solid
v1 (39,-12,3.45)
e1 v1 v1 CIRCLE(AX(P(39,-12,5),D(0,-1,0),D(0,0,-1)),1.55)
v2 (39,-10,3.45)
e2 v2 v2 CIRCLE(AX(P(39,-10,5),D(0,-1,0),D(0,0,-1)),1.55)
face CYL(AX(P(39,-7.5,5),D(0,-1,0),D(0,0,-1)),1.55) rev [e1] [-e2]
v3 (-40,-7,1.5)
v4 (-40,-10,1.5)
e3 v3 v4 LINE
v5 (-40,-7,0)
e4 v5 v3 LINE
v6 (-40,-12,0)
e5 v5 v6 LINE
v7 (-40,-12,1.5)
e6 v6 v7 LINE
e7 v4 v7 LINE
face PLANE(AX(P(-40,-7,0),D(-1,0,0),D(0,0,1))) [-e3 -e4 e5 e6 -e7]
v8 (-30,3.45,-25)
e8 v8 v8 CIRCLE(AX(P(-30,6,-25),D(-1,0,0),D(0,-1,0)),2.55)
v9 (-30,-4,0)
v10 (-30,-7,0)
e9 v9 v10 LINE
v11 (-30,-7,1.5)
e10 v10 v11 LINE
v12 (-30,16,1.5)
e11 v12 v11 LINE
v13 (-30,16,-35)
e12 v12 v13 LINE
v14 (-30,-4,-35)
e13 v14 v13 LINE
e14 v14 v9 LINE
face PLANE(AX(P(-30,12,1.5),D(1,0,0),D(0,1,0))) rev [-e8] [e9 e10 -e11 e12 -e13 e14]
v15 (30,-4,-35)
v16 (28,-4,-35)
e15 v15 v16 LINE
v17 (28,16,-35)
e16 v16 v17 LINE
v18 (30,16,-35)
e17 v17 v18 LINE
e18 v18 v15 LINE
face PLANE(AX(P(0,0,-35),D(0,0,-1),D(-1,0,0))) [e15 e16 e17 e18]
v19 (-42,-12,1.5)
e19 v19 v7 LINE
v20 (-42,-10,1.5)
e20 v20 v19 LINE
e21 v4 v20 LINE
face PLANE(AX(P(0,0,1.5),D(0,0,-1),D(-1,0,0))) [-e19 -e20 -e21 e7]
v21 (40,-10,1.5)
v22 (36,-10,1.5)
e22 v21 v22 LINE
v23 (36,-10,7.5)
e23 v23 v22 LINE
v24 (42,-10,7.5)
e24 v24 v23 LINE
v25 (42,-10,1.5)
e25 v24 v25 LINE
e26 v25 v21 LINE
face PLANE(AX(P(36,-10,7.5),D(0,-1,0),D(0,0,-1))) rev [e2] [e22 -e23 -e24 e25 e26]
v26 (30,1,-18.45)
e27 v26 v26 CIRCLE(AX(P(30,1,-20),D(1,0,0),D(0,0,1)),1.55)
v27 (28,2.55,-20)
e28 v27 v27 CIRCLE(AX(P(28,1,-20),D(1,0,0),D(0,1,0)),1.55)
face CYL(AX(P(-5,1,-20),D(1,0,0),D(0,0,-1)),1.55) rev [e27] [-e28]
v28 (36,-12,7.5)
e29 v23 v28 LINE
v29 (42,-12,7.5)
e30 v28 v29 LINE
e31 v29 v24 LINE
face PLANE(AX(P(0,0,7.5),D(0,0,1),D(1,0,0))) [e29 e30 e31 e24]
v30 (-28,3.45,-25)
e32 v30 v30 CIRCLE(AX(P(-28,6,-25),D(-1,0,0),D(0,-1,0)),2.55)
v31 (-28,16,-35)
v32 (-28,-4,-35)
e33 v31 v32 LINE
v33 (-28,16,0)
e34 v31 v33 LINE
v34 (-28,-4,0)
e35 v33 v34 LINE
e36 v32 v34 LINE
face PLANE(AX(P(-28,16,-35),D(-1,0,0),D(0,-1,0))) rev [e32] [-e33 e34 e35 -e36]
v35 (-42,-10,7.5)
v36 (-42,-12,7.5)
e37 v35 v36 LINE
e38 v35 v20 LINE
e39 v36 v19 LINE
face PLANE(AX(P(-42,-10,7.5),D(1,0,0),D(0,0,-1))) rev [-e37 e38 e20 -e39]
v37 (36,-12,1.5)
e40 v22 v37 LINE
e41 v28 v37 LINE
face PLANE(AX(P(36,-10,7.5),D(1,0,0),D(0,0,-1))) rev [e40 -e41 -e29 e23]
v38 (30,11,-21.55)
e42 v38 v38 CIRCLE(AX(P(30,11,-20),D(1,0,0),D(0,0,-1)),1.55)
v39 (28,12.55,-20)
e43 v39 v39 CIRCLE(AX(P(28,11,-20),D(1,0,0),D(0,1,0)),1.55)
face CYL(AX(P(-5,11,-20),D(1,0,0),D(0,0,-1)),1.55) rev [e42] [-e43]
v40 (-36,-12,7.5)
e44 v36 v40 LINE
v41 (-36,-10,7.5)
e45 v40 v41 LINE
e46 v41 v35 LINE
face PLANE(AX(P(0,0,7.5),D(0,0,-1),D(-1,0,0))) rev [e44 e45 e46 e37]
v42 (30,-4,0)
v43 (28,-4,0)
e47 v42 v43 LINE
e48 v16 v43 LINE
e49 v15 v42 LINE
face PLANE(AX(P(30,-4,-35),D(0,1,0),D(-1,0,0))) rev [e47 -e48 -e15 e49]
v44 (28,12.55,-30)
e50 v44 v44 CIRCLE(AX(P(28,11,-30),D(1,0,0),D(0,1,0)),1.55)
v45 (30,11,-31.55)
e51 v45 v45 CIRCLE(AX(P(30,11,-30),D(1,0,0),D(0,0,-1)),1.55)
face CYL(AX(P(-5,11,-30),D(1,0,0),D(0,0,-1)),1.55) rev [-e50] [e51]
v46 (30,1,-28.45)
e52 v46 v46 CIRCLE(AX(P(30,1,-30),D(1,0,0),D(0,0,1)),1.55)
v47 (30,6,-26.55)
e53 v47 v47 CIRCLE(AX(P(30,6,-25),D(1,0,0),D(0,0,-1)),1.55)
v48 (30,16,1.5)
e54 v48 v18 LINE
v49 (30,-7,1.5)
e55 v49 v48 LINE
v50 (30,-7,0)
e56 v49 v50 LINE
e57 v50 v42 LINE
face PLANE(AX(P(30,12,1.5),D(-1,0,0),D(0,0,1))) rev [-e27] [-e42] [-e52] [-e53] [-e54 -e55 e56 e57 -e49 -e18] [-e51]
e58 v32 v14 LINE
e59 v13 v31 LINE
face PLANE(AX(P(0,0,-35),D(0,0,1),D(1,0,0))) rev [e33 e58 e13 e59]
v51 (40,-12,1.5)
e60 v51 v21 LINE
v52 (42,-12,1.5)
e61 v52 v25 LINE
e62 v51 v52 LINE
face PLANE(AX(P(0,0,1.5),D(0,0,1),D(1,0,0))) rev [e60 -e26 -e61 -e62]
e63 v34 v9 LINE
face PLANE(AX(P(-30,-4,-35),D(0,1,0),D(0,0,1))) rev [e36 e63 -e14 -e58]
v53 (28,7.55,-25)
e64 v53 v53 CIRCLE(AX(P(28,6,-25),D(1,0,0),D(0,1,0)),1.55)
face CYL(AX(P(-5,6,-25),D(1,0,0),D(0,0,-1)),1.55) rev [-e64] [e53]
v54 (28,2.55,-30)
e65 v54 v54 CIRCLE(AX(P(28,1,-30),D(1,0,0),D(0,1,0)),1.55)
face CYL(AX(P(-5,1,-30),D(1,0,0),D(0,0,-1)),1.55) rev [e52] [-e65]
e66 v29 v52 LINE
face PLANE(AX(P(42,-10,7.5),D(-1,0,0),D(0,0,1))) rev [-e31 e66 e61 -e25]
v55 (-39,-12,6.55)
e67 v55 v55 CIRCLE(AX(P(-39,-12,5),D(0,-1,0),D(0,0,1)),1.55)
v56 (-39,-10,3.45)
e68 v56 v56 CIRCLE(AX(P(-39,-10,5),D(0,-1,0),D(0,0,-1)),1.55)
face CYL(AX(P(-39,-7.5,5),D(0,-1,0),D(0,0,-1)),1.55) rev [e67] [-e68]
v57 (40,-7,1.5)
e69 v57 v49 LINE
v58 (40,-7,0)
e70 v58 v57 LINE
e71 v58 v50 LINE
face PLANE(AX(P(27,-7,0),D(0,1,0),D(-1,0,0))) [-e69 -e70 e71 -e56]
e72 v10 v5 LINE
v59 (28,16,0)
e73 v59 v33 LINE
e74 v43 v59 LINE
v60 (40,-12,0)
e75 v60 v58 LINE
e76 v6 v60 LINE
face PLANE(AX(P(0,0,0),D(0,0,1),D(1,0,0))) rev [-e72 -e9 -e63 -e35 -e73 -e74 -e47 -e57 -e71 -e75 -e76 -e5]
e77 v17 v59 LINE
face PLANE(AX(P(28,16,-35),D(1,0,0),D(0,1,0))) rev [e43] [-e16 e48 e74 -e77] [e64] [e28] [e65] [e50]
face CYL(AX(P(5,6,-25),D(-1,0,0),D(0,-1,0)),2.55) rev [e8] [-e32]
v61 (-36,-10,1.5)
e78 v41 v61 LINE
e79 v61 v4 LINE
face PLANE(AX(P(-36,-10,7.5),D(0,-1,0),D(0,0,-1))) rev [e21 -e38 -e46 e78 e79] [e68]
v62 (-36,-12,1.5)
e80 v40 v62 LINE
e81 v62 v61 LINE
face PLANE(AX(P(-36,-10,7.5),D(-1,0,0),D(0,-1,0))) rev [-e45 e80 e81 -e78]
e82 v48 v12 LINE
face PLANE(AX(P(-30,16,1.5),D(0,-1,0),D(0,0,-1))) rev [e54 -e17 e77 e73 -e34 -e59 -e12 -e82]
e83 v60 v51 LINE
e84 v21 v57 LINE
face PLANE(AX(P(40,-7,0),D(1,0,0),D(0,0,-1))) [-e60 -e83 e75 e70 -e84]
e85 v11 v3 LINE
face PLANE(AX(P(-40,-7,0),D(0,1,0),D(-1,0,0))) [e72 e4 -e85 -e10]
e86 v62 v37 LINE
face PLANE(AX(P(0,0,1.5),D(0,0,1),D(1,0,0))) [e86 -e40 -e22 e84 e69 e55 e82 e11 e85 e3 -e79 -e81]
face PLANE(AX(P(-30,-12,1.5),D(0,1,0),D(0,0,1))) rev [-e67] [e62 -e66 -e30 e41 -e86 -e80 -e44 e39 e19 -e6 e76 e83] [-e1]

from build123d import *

# Parameters (mm, degrees)
EXTRUDE_1_DEPTH     = 1.5
EXTRUDE_2_DEPTH     = 1.5
SKETCH_3_W          = 6
SKETCH_3_H          = 2
EXTRUDE_3_DEPTH     = 6
SKETCH_4_R          = 1.55
CUT_EXTRUDE_1_DEPTH = 4.5
SKETCH_5_W          = 2
SKETCH_5_H          = 20
EXTRUDE_4_DEPTH     = 35
SKETCH_6_R          = 1.55
CUT_EXTRUDE_2_DEPTH = 35
SKETCH_7_R          = 2.55
CUT_EXTRUDE_4_DEPTH = 35


with BuildPart() as part:
    # 草图1 → 凸台-拉伸1 (new body)
    with BuildSketch(Plane.XY):
        Polygon((-30, 12), (-30, -12), (30, -12), (30, 12), (30, 16), (-30, 16), align=None)
    extrude(amount=EXTRUDE_1_DEPTH)

    # 草图2 → 凸台-拉伸2 (add)
    with BuildSketch(Plane.XY.offset(1.5)):
        Polygon((-40, -7), (-30, -7), (-27, -7), (-27, -12), (-30, -12), (-40, -12), align=None)
        Polygon((40, -7), (40, -12), (30, -12), (27, -12), (27, -7), (30, -7), align=None)
    extrude(amount=-EXTRUDE_2_DEPTH)

    # 草图3 → 凸台-拉伸3 (add)
    with BuildSketch(Plane.XY.offset(1.5)):
        with Locations((39, -11)):
            Rectangle(SKETCH_3_W, SKETCH_3_H)
        with Locations((-39, -11)):
            Rectangle(SKETCH_3_W, SKETCH_3_H)
    extrude(amount=EXTRUDE_3_DEPTH)

    # 草图4 → 切除-拉伸1 (cut)
    with BuildSketch(Plane.XZ.offset(12)):
        with Locations(Location((39, 5, 0), (0, 0, 270))):
            Circle(SKETCH_4_R)
        with Locations(Location((-39, 5, 0), (0, 0, 270))):
            Circle(SKETCH_4_R)
    extrude(amount=-CUT_EXTRUDE_1_DEPTH, mode=Mode.SUBTRACT)

    # 草图5 → 凸台-拉伸4 (add)
    with BuildSketch(Plane(origin=(0, 0, 0), x_dir=(-1, 0, 0), z_dir=(0, 0, -1))):
        with Locations((29, 6)):
            Rectangle(SKETCH_5_W, SKETCH_5_H)
        with Locations((-29, 6)):
            Rectangle(SKETCH_5_W, SKETCH_5_H)
    extrude(amount=EXTRUDE_4_DEPTH)

    # 草图6 → 切除-拉伸2 (cut)
    with BuildSketch(Plane(origin=(30, 0, 0), x_dir=(0, 0, -1), z_dir=(1, 0, 0))):
        with Locations((25, 6)):
            Circle(SKETCH_6_R)
        with Locations((30, 11)):
            Circle(SKETCH_6_R)
        with Locations(Location((30, 1, 0), (0, 0, 90))):
            Circle(SKETCH_6_R)
        with Locations(Location((20, 1, 0), (0, 0, 90))):
            Circle(SKETCH_6_R)
        with Locations((20, 11)):
            Circle(SKETCH_6_R)
    extrude(amount=-CUT_EXTRUDE_2_DEPTH, mode=Mode.SUBTRACT)

    # 草图7 → 切除-拉伸4 (cut)
    with BuildSketch(Plane.ZY.offset(30)):
        with Locations(Location((-25, 6, 0), (0, 0, 270))):
            Circle(SKETCH_7_R)
    extrude(amount=-CUT_EXTRUDE_4_DEPTH, mode=Mode.SUBTRACT)


solid = part.part
